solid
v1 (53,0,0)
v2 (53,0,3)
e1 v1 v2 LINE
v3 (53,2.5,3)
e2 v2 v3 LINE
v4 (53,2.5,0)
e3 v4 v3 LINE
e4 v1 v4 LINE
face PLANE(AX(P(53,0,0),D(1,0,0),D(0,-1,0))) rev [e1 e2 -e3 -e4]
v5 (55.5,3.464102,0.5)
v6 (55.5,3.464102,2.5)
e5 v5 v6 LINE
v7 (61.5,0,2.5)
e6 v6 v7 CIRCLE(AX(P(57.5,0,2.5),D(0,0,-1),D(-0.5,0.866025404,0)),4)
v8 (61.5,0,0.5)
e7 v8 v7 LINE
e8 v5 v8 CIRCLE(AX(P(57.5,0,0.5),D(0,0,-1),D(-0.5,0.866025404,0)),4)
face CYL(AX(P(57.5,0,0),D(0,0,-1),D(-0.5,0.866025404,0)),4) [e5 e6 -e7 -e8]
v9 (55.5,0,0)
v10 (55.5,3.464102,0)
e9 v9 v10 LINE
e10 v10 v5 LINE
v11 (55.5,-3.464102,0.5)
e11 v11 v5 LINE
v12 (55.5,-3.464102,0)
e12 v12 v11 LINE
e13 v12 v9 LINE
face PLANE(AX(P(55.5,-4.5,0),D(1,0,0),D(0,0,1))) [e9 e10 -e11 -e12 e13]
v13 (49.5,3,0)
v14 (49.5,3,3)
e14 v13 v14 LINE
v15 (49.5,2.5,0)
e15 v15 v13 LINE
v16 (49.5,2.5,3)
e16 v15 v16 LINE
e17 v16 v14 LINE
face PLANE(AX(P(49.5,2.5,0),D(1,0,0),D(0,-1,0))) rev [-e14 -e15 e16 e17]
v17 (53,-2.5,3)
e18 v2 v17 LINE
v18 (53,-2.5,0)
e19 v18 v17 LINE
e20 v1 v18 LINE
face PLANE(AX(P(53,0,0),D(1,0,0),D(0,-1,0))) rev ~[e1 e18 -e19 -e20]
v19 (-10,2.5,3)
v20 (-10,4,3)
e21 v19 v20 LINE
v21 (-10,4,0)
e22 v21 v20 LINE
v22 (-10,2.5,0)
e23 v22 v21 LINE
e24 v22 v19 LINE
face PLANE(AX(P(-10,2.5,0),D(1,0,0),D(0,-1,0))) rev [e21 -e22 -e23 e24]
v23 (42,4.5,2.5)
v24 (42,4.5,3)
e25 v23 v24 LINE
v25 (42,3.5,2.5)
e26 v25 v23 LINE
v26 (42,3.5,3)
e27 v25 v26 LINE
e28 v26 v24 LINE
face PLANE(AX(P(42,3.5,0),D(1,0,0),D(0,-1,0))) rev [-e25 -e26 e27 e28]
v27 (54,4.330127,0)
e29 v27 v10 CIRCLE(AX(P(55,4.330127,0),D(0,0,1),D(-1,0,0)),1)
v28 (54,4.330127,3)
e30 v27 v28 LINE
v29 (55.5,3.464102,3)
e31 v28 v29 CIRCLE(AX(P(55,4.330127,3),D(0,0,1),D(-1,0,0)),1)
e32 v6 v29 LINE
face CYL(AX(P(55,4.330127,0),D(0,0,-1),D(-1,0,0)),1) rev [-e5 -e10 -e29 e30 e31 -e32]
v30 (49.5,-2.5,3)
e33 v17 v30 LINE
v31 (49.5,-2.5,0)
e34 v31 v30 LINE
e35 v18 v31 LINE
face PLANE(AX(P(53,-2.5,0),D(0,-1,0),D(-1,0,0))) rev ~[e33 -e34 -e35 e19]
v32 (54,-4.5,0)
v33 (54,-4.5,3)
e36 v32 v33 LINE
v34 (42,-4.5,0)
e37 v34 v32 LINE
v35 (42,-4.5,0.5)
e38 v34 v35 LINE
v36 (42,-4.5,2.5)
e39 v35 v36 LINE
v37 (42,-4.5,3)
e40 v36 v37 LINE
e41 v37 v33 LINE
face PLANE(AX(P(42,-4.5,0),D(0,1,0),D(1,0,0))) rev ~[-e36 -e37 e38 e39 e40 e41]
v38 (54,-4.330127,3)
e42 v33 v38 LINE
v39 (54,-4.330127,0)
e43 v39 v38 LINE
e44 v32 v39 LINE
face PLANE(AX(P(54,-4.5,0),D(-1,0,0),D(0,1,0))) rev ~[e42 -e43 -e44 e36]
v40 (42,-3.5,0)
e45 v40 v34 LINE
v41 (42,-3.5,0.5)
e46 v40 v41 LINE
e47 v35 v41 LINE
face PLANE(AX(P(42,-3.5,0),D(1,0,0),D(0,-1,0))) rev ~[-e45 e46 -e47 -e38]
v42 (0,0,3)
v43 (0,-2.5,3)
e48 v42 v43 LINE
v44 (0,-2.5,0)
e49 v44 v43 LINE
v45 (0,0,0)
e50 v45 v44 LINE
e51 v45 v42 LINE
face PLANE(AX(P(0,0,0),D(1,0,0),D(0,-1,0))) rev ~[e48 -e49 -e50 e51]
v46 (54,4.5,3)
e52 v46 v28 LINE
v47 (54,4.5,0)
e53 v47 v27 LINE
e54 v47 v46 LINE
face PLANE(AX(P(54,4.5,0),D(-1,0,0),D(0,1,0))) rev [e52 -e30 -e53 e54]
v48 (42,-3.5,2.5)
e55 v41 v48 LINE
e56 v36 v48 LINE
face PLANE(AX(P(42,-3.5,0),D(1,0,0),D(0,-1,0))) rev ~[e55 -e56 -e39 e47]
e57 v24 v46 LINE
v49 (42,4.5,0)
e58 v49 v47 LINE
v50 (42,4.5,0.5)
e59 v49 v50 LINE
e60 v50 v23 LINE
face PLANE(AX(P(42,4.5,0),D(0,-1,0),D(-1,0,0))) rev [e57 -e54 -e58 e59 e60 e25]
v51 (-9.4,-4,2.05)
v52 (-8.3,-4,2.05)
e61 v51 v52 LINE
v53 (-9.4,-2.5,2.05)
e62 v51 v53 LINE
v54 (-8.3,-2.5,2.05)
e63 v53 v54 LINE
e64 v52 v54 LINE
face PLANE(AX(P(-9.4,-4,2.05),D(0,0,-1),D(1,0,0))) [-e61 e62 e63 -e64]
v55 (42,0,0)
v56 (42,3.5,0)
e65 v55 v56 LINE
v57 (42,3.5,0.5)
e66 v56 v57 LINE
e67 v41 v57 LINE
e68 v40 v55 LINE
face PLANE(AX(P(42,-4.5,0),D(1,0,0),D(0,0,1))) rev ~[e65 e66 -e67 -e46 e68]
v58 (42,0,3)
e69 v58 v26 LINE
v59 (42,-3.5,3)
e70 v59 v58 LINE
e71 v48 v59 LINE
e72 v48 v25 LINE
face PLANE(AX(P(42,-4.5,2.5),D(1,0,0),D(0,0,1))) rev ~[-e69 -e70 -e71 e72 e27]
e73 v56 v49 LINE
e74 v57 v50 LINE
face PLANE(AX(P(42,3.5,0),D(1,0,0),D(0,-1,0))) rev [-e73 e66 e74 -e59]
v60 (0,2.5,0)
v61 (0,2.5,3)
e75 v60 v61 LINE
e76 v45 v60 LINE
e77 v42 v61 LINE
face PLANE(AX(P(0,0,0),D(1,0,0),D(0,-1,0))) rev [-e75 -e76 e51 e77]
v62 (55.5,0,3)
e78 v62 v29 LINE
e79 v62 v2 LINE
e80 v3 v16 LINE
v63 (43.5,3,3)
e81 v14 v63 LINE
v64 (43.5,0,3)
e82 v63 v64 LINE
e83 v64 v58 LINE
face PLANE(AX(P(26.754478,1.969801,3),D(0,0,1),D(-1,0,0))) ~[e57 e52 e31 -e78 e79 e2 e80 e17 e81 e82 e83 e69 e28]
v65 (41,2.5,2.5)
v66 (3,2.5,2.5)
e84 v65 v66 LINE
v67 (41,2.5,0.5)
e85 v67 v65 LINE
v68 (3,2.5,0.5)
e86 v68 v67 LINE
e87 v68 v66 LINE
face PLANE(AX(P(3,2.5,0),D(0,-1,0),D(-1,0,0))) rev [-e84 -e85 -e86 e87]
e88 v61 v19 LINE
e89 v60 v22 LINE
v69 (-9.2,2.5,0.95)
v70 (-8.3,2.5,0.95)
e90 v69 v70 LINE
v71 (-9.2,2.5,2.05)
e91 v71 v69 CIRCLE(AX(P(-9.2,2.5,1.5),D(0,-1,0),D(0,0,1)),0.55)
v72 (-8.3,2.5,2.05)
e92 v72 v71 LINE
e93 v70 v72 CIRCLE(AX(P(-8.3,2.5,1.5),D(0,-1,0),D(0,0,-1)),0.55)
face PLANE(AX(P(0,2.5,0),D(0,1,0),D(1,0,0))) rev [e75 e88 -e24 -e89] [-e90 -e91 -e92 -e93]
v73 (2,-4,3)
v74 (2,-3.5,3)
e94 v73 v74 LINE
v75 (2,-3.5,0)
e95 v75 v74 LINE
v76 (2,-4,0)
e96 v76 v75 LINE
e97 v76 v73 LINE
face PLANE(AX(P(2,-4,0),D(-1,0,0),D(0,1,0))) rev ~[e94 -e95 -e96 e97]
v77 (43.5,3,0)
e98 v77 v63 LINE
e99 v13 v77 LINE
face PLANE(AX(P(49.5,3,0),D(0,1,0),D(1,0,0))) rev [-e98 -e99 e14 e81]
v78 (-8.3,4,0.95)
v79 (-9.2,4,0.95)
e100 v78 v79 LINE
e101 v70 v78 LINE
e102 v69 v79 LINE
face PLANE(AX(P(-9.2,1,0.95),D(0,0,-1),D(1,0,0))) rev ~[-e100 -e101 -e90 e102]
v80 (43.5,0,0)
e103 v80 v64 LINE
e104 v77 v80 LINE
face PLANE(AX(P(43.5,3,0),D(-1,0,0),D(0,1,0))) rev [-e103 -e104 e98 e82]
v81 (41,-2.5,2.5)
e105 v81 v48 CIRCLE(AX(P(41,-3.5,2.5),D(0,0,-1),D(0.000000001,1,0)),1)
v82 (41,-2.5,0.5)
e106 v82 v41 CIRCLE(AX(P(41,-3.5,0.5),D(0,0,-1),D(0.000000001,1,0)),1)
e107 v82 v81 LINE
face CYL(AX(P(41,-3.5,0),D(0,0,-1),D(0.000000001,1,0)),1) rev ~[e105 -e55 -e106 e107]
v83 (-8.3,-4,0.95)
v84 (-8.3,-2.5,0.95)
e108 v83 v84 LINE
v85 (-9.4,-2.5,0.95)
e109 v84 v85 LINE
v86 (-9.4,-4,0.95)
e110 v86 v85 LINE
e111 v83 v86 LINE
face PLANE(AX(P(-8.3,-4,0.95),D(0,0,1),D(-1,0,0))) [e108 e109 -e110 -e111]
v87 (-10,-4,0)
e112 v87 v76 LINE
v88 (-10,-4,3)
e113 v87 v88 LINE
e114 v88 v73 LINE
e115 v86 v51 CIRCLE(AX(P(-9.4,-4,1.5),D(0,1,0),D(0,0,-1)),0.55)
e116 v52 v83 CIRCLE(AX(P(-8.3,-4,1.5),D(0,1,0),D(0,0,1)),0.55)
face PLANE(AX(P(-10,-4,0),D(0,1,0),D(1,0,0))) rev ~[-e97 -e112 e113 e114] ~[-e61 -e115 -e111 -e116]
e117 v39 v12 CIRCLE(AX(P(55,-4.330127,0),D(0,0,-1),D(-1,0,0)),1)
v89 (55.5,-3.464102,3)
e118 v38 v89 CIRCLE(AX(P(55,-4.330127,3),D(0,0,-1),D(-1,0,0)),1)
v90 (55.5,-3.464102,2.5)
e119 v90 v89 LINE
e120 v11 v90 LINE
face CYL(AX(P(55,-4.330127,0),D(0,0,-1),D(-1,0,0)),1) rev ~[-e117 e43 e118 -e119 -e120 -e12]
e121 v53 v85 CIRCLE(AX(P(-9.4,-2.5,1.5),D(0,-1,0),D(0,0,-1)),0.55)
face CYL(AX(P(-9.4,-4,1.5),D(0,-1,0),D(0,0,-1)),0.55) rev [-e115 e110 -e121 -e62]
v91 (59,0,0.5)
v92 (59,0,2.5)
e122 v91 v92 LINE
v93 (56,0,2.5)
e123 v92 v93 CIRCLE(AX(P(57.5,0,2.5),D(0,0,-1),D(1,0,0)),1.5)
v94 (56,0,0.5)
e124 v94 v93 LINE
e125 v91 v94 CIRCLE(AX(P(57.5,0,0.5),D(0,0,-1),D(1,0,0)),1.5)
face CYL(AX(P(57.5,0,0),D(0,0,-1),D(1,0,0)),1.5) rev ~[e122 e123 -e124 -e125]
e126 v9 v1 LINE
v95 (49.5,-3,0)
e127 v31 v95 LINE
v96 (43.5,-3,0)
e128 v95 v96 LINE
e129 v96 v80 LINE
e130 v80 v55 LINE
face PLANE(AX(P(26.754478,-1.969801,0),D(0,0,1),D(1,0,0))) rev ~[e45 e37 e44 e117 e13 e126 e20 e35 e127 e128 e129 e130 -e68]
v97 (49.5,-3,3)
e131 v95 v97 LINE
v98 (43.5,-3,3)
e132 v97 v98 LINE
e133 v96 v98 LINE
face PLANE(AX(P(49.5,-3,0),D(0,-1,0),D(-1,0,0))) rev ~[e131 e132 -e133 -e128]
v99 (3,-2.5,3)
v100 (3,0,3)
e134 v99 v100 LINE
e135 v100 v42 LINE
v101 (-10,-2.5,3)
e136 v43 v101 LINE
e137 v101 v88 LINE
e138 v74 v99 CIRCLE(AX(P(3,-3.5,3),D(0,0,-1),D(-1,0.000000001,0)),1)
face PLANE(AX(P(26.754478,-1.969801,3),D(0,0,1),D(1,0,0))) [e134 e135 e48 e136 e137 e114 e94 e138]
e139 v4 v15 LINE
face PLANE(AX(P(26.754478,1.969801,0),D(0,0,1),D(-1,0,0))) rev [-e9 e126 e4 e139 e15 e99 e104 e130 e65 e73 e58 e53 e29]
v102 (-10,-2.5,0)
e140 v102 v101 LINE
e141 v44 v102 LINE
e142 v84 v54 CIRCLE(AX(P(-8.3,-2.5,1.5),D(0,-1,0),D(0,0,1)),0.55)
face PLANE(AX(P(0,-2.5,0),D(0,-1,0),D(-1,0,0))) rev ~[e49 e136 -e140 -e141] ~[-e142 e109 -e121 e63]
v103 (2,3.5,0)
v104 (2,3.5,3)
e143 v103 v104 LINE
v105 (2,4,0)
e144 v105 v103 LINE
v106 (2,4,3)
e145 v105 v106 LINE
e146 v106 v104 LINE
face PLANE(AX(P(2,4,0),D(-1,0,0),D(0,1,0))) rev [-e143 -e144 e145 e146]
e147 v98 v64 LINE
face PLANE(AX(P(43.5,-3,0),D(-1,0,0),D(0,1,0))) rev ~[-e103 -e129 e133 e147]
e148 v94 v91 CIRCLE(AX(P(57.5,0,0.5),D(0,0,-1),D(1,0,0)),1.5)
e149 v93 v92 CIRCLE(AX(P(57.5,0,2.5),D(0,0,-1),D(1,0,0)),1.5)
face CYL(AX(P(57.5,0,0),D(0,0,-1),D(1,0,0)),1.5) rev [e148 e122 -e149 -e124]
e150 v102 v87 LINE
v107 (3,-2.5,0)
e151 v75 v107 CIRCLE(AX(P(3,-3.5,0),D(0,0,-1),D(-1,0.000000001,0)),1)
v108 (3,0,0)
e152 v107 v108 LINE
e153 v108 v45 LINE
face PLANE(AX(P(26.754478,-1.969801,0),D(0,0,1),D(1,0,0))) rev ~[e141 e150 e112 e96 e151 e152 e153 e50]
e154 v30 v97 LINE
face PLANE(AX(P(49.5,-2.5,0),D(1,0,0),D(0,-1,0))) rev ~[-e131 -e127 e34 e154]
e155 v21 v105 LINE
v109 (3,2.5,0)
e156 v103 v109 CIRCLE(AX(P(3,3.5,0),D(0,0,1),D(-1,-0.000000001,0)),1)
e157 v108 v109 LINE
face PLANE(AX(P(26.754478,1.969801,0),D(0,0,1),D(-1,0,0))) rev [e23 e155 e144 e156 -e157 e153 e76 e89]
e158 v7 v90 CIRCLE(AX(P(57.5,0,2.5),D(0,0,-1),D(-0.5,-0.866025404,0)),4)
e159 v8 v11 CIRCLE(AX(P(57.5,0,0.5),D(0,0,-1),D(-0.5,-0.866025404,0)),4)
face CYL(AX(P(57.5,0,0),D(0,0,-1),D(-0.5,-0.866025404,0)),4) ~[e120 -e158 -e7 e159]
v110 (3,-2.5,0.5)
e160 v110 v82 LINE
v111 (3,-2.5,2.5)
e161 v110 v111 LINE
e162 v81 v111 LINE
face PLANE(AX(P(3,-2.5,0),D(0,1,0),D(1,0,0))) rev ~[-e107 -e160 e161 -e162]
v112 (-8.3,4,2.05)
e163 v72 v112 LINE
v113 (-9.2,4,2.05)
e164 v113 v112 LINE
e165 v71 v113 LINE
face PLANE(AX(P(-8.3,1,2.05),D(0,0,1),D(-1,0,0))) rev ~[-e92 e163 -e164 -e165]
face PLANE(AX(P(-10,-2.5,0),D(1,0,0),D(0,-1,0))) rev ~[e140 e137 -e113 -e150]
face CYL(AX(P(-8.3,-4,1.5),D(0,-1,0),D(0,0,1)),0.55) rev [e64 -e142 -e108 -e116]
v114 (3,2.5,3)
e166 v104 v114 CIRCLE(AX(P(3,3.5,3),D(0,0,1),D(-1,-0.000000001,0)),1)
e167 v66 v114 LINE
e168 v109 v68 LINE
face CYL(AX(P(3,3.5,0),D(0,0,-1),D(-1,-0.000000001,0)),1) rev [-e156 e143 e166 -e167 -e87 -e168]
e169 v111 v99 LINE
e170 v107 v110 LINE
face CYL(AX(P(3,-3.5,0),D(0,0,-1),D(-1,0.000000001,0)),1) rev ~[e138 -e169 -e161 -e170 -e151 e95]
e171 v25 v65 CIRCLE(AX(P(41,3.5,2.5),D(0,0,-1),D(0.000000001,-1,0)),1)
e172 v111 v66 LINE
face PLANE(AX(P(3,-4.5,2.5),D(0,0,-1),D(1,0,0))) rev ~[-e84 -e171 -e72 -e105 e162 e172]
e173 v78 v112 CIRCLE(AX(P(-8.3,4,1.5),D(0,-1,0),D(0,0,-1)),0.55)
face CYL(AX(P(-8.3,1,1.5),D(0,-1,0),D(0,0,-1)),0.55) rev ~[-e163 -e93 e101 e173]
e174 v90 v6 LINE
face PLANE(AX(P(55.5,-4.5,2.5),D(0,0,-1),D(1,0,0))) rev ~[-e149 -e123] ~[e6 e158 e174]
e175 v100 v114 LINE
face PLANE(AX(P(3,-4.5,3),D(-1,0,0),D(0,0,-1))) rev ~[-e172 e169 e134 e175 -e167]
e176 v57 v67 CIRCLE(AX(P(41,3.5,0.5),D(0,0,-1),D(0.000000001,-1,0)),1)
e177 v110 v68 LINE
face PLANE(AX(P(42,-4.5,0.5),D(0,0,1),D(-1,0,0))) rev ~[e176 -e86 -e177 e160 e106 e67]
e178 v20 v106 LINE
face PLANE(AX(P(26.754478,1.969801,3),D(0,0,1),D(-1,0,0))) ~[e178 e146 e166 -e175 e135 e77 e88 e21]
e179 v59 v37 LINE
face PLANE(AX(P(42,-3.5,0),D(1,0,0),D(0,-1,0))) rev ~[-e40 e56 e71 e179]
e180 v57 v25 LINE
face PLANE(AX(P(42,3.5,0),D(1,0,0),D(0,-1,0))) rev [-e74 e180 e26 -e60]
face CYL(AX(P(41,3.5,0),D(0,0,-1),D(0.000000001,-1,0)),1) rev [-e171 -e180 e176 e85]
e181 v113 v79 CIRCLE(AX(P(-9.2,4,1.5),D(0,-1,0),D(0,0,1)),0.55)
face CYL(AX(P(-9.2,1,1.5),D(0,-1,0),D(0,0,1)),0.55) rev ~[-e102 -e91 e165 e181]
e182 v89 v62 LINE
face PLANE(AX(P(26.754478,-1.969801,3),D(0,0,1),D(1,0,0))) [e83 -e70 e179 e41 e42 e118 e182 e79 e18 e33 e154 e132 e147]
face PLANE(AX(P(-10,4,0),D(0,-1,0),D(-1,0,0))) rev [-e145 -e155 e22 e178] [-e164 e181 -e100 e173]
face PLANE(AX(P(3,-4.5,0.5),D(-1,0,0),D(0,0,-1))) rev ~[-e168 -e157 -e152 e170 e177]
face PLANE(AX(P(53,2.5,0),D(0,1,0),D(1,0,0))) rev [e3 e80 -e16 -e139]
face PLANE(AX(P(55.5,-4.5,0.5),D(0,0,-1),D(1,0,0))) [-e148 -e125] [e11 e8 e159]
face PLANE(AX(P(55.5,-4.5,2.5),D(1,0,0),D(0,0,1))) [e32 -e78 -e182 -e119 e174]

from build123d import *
from build123d.topology import SkipClean

# Parameters (mm, degrees)
BOSS_EXTRU_3_DEPTH           = 3
ENL_V_MAT_EXTRU_1_DEPTH      = 63.157059132
ENL_V_MAT_EXTRU_1_DEPTH_BACK = 3
ENL_V_MAT_EXTRU_2_DEPTH      = 3
ESQUISSE5_W                  = 6
ESQUISSE5_H                  = 0.5
ENL_V_MAT_EXTRU_4_DEPTH      = 63.227405538


with BuildPart() as part:
    # Esquisse1 → Boss.-Extru.3 (new body)
    with BuildSketch(Plane.XY):
        with BuildLine():
            Line((43.5, 0), (0, 0))
            Line((0, 0), (0, -2.5))
            Line((0, -2.5), (-10, -2.5))
            Line((-10, -2.5), (-10, -4))
            Line((-10, -4), (2, -4))
            Line((2, -4), (2, -3.5))
            ThreePointArc((2, -3.5), (2.292893219, -2.792893219), (3, -2.5))
            Line((3, -2.5), (41, -2.5))
            ThreePointArc((41, -2.5), (41.707106781, -2.792893219), (42, -3.5))
            Line((42, -3.5), (42, -4.5))
            Line((42, -4.5), (54, -4.5))
            Line((54, -4.5), (54, -4.330127019))
            ThreePointArc((54, -4.330127019), (54.5, -3.464101615), (55.5, -3.464101615))
            ThreePointArc((55.5, -3.464101615), (59.5, -3.464101615), (61.5, 0))
            Line((61.5, 0), (59, 0))
            ThreePointArc((59, 0), (57.5, -1.5), (56, 0))
            Line((56, 0), (53, 0))
            Line((53, 0), (53, -2.5))
            Line((53, -2.5), (49.5, -2.5))
            Line((49.5, -2.5), (49.5, -3))
            Line((49.5, -3), (43.5, -3))
            Line((43.5, -3), (43.5, 0))
        make_face()
    boss_extru_3 = extrude(amount=BOSS_EXTRU_3_DEPTH)

    # Symétrie2: Boss.-Extru.3 across plane
    with SkipClean():  # the faces are left unmerged after this step: merging them gives an invalid solid
        add(boss_extru_3.mirror(Plane(origin=(0, 0, 3), x_dir=(0, 0, 1), z_dir=(0, 1, 0))))

    # Esquisse2 → Enlèv. mat.-Extru.1 (cut, two sides: drawn at the far end of the back side and taken through both)
    with SkipClean():  # the faces are left unmerged after this step: merging them gives an invalid solid
        with BuildSketch(Plane(origin=(0, 4, 0), x_dir=(1, 0, 0), z_dir=(0, 1, 0)).offset(-ENL_V_MAT_EXTRU_1_DEPTH_BACK)):
            with BuildLine():
                Line((-9.2, -0.95), (-8.3, -0.95))
                ThreePointArc((-8.3, -0.95), (-7.75, -1.5), (-8.3, -2.05))
                Line((-8.3, -2.05), (-9.2, -2.05))
                ThreePointArc((-9.2, -2.05), (-9.75, -1.5), (-9.2, -0.95))
            make_face()
        extrude(amount=ENL_V_MAT_EXTRU_1_DEPTH + ENL_V_MAT_EXTRU_1_DEPTH_BACK, mode=Mode.SUBTRACT)

    # Esquisse3 → Enlèv. mat.-Extru.2 (cut)
    with SkipClean():  # the faces are left unmerged after this step: merging them gives an invalid solid
        with BuildSketch(Plane.XZ.offset(4)):
            with BuildLine():
                Line((-9.4, 2.05), (-8.3, 2.05))
                ThreePointArc((-8.3, 2.05), (-7.75, 1.5), (-8.3, 0.95))
                Line((-8.3, 0.95), (-9.4, 0.95))
                ThreePointArc((-9.4, 0.95), (-9.95, 1.5), (-9.4, 2.05))
            make_face()
        extrude(amount=-ENL_V_MAT_EXTRU_2_DEPTH, mode=Mode.SUBTRACT)

    # Esquisse5 → Enlèv. mat.-Extru.4 (cut, through all)
    with SkipClean():  # the faces are left unmerged after this step: merging them gives an invalid solid
        with BuildSketch(Plane.XZ.offset(4.5)):
            Polygon((42, 2.5), (42, 3), (3, 3), (3, 2.5), (41, 2.5), align=None)
            Polygon((3, 0), (42, 0), (42, 0.5), (41, 0.5), (3, 0.5), align=None)
            with Locations((58.5, 2.75)):
                Rectangle(ESQUISSE5_W, ESQUISSE5_H)
            with Locations((58.5, 0.25)):
                Rectangle(ESQUISSE5_W, ESQUISSE5_H)
        extrude(amount=-ENL_V_MAT_EXTRU_4_DEPTH, mode=Mode.SUBTRACT)


solid = part.part
